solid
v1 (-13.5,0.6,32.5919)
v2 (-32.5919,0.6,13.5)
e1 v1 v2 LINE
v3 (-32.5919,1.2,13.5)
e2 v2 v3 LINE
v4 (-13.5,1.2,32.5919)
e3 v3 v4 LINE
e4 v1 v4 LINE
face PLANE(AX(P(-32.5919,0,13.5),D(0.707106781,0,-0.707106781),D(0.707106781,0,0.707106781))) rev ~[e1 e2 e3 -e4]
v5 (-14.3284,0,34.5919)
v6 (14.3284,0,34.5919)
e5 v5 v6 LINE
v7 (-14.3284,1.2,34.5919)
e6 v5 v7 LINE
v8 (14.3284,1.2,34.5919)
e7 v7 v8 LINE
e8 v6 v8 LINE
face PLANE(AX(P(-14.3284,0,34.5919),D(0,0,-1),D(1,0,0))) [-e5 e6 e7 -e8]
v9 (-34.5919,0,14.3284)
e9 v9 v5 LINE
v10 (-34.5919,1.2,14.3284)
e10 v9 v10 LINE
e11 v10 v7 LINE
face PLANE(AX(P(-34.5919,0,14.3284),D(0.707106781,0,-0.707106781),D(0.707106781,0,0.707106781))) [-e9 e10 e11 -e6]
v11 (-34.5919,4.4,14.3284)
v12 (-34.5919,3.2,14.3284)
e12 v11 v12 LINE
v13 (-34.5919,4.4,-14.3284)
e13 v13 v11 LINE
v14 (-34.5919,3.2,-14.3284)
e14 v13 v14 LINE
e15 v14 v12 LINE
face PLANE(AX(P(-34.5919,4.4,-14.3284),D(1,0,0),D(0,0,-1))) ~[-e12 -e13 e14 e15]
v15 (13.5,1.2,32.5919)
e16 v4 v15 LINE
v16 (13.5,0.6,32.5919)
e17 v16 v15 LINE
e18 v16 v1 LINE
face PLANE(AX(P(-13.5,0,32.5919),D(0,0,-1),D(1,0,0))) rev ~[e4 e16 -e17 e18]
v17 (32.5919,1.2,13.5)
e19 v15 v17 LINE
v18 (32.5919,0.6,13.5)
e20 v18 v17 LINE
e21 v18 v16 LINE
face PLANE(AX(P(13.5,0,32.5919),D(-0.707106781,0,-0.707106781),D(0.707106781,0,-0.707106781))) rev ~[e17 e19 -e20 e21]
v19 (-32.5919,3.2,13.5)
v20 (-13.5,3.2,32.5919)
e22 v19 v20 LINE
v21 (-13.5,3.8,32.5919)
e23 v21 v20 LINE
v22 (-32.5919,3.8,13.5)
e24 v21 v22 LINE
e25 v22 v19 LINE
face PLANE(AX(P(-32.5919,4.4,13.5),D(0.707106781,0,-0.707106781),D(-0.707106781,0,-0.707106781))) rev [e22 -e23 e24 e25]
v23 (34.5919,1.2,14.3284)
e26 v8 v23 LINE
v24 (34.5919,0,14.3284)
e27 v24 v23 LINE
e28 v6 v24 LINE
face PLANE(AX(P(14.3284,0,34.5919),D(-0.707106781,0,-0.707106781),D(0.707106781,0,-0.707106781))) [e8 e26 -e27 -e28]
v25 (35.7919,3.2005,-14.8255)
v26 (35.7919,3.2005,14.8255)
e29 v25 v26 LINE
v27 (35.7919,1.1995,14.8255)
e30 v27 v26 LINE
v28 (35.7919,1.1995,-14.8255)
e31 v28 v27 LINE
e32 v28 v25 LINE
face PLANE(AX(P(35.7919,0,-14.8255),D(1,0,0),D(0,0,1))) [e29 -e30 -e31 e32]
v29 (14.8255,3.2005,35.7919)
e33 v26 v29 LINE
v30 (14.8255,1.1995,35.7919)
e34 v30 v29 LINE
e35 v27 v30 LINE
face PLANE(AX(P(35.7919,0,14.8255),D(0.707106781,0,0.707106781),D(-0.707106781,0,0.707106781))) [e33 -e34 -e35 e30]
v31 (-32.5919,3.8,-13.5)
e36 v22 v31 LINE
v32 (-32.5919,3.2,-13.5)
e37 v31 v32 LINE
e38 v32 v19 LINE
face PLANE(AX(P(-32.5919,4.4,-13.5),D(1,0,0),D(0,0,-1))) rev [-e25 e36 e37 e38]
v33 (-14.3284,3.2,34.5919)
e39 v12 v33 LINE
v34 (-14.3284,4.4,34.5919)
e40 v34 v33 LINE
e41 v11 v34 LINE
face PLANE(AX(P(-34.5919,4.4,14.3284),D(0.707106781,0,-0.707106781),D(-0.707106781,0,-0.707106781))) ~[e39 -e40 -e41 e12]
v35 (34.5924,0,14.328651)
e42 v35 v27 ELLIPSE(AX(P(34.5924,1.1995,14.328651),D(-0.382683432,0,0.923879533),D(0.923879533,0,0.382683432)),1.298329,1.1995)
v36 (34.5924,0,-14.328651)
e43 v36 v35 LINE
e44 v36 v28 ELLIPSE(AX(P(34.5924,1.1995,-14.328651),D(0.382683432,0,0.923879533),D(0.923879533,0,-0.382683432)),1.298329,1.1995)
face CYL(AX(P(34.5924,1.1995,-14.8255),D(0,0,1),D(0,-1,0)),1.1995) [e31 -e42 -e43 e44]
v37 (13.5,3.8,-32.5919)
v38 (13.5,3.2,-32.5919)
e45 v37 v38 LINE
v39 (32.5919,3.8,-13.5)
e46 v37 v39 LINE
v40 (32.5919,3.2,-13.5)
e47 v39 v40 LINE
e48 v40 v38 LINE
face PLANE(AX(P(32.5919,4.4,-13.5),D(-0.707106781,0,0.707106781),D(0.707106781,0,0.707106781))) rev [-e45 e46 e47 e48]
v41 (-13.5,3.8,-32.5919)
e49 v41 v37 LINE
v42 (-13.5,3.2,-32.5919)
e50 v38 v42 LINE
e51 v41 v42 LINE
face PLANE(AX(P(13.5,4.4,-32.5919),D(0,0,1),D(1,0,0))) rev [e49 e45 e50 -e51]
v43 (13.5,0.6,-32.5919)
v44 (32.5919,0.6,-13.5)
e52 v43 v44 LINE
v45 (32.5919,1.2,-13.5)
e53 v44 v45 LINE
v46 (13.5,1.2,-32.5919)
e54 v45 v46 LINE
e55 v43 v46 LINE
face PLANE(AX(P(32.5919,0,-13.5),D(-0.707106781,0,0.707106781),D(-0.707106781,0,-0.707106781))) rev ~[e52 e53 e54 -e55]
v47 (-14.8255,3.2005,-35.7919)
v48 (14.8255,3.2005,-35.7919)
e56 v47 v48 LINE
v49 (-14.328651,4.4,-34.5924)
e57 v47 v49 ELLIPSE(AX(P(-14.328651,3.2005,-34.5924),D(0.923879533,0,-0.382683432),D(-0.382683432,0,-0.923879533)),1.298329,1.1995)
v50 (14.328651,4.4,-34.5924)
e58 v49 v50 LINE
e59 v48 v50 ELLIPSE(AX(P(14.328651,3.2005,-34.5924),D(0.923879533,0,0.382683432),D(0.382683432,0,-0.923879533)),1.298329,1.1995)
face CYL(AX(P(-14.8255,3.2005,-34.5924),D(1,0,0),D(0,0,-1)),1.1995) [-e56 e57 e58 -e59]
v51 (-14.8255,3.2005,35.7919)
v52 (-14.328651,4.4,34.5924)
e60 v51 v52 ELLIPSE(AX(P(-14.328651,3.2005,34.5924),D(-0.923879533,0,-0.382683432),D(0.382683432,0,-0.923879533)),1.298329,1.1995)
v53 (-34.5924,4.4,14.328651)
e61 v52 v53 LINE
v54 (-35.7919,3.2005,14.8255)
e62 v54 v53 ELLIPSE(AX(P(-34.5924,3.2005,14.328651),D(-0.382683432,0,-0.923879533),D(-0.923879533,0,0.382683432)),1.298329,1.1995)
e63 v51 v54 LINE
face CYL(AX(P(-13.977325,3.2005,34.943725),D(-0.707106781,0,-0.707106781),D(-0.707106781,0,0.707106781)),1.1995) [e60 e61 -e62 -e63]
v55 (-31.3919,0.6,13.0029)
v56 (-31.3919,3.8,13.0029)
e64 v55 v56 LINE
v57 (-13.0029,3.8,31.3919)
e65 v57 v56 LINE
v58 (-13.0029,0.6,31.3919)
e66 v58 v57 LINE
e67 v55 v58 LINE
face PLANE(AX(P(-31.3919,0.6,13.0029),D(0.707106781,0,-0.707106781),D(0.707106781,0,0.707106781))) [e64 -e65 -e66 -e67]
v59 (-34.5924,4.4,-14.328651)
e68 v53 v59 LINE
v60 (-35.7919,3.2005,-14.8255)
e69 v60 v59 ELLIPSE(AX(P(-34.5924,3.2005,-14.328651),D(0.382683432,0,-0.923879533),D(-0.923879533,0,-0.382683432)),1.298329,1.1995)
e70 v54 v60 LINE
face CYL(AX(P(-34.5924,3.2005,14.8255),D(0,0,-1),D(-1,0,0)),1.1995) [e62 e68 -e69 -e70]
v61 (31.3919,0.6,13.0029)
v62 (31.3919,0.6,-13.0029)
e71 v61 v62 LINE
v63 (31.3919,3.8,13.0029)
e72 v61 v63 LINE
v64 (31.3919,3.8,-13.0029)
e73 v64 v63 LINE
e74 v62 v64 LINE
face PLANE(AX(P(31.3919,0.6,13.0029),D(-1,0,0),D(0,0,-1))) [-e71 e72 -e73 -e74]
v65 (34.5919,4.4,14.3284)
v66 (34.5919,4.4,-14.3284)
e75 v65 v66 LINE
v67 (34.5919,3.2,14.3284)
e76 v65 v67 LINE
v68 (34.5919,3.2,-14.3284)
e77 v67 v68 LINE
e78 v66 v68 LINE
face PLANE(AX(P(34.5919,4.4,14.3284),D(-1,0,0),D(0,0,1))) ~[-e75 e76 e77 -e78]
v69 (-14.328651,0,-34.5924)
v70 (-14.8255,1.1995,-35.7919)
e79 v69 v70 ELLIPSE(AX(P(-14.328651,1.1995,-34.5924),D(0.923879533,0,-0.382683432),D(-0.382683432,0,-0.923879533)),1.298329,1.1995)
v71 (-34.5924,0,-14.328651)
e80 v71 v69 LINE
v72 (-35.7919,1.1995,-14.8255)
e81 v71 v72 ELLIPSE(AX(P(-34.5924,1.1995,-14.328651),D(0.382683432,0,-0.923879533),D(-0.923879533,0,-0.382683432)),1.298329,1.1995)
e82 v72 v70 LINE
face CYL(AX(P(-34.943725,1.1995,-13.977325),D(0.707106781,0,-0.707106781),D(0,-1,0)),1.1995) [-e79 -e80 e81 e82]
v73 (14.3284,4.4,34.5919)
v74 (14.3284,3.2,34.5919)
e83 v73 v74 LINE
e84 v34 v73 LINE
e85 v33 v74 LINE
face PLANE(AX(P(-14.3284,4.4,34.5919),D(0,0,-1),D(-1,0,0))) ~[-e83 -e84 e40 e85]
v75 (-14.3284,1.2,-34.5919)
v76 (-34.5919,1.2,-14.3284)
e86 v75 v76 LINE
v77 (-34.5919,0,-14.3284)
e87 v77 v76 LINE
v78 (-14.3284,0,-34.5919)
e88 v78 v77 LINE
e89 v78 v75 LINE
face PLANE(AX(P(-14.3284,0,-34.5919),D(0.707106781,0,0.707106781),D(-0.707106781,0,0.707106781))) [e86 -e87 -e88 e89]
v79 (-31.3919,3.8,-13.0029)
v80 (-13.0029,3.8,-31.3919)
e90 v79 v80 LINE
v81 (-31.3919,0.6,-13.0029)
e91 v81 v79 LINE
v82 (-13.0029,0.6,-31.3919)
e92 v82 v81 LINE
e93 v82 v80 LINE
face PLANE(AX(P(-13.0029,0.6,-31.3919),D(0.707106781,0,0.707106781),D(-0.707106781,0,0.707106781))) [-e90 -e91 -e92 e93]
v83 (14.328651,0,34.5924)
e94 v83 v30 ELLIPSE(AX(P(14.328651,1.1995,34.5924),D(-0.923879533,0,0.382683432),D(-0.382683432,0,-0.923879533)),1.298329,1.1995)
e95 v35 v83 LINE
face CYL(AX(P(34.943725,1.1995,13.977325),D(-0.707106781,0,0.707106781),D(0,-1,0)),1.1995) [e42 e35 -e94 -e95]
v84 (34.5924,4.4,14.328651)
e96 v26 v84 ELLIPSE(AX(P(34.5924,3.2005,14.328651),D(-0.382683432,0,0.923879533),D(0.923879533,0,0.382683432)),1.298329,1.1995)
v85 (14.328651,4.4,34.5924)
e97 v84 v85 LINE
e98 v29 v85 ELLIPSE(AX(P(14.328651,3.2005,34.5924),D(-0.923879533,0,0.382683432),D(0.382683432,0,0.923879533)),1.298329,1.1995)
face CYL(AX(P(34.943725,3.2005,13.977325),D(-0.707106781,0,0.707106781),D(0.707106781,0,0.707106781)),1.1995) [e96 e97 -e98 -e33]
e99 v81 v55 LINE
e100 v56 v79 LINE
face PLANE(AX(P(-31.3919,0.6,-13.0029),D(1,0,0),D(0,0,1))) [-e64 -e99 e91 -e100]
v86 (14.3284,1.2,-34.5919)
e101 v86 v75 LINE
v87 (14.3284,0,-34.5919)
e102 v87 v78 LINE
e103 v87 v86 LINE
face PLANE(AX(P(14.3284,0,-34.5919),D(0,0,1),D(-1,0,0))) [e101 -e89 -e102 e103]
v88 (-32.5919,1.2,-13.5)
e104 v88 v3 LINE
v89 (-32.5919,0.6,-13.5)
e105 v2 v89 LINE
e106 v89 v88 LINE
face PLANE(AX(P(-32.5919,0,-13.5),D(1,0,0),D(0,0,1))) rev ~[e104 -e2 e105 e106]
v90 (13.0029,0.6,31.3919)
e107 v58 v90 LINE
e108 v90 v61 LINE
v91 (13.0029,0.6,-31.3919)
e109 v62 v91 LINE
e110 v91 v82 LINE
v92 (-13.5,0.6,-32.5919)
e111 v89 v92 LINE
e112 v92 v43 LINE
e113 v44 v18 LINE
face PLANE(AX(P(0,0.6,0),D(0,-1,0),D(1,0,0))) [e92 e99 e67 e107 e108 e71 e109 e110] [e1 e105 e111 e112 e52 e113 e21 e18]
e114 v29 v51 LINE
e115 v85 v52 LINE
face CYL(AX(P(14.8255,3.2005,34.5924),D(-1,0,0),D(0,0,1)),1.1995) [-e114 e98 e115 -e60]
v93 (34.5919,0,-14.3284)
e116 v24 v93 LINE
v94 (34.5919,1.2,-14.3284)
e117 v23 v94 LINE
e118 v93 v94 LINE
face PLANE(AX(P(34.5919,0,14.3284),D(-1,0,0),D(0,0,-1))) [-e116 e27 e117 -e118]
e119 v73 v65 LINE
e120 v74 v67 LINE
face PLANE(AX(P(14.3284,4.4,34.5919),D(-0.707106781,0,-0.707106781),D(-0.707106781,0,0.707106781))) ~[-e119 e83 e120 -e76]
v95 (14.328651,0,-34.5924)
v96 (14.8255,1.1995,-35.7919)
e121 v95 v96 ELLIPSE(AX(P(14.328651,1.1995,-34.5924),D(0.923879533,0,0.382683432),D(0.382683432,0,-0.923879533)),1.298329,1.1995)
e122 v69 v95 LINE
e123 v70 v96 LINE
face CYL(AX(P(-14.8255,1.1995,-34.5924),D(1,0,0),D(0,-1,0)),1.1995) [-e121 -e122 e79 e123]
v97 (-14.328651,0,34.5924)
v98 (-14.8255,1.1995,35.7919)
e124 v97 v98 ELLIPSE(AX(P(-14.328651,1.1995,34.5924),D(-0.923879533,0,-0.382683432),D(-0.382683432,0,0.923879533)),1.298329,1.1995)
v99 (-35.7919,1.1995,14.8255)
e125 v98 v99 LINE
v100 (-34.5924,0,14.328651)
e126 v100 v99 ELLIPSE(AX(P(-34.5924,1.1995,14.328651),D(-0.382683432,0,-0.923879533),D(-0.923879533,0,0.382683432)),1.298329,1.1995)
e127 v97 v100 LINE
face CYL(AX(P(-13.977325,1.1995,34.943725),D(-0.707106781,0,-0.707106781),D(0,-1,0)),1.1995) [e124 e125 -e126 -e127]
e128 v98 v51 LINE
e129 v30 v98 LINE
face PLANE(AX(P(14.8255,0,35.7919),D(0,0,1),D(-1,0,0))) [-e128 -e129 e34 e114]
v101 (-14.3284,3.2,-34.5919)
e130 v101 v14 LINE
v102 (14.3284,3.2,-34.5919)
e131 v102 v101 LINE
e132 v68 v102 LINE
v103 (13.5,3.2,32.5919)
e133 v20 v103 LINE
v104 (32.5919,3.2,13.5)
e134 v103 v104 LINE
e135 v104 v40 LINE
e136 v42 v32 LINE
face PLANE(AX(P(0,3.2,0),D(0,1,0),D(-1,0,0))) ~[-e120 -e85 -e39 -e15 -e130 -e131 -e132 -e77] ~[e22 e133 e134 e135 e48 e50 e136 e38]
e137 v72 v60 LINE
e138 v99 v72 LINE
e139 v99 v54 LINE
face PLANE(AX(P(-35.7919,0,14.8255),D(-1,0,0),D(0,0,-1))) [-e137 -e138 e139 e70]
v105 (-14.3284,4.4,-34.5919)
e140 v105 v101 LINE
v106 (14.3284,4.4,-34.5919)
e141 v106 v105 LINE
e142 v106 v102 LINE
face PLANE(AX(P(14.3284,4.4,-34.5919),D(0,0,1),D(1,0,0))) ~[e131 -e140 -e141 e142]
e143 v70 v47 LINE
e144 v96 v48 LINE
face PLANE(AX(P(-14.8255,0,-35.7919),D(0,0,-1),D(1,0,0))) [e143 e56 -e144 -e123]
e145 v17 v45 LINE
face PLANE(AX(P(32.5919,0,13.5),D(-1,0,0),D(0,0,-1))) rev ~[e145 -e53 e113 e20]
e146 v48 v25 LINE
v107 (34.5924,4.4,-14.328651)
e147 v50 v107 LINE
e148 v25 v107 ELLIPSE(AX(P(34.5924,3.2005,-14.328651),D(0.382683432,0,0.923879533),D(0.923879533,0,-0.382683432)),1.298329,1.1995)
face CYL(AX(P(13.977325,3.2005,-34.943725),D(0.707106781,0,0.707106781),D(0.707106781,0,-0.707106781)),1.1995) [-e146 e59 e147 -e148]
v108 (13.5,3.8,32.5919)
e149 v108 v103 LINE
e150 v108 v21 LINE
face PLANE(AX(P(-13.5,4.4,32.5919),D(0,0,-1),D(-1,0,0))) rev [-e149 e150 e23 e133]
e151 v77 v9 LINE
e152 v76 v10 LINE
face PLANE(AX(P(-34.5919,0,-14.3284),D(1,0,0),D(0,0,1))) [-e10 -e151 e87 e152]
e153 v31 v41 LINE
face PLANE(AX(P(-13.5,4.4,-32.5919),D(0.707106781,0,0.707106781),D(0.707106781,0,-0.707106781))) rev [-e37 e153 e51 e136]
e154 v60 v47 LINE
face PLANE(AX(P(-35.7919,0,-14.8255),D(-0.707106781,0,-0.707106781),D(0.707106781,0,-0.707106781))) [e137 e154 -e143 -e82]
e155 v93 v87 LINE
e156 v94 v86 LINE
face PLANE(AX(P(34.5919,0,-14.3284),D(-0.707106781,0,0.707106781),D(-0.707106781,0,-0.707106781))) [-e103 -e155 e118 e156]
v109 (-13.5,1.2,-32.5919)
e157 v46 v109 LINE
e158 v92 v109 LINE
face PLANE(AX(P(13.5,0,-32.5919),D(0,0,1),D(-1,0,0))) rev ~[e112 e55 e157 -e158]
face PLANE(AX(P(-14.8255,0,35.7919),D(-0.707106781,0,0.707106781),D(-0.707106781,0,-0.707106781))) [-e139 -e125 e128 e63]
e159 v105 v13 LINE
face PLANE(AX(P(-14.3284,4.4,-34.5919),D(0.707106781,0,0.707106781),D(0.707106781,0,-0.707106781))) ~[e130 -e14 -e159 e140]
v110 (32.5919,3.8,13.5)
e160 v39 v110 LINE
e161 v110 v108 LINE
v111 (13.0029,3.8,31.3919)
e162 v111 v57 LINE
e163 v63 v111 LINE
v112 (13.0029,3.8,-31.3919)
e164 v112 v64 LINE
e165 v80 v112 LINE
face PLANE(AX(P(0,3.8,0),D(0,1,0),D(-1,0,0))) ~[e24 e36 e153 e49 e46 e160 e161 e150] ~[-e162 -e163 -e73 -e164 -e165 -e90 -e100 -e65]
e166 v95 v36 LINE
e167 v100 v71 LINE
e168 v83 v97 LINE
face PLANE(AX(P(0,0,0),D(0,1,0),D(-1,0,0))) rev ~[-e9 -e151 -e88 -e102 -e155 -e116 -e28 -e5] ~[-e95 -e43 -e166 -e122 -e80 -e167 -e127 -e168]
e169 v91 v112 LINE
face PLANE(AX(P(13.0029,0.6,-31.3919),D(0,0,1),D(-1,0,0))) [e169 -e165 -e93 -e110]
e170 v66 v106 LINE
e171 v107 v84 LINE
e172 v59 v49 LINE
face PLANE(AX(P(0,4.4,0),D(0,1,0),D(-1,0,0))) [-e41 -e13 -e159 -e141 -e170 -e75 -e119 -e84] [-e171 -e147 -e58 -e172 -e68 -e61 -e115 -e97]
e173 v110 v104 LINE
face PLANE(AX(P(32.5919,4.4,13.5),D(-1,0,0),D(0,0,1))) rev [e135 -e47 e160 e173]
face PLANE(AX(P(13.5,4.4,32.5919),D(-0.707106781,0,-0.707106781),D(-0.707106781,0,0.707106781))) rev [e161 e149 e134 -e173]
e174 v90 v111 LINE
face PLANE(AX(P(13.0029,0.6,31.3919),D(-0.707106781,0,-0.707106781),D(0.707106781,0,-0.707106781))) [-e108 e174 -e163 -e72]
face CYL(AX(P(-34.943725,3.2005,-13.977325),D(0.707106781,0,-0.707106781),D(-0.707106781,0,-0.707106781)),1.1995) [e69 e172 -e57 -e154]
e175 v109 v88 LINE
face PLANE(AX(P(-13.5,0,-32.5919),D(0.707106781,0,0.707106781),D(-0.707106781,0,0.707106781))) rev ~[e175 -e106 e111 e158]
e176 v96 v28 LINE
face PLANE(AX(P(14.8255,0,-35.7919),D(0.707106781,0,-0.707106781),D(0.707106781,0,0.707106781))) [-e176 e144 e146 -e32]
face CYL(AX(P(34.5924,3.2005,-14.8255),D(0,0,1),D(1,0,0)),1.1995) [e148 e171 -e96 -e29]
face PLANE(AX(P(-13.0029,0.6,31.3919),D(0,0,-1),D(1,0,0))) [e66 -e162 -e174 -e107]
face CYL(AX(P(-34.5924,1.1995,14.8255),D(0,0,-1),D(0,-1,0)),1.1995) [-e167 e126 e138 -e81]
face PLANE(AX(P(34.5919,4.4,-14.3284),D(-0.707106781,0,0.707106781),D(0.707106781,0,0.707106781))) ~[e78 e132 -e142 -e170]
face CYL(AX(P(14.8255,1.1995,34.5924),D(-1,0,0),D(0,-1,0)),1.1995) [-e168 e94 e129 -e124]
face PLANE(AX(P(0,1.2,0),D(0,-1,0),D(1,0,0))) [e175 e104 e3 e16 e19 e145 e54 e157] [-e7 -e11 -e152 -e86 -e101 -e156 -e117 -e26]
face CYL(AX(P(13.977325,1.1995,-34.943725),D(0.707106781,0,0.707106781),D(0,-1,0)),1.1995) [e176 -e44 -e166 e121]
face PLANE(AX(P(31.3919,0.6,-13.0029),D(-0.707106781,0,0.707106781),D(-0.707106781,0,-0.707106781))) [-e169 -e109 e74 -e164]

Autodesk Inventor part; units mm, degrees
ref_plane "YZ Plane" through (0, 0, 0) normal (1, 0, 0) x (0, 1, 0)
ref_plane "XZ Plane" through (0, 0, 0) normal (0, 1, 0) x (-1, 0, 0)
sketch "스케치1" plane through (0, 0, 0) normal (0, 1, 0) x (-1, 0, 0)
  line L0 (-32.5919, 13.5) -> (-13.5, 32.5919)
  line L1 (-13.5, 32.5919) -> (13.5, 32.5919)
  line L2 (13.5, 32.5919) -> (32.5919, 13.5)
  line L3 (32.5919, 13.5) -> (32.5919, -13.5)
  line L4 (32.5919, -13.5) -> (13.5, -32.5919)
  line L5 (13.5, -32.5919) -> (-13.5, -32.5919)
  line L6 (-13.5, -32.5919) -> (-32.5919, -13.5)
  line L7 (-32.5919, -13.5) -> (-32.5919, 13.5)
  line L8 (35.7919, 14.8255) -> (35.7919, -14.8255)
  line L9 (35.7919, -14.8255) -> (14.8255, -35.7919)
  line L10 (14.8255, -35.7919) -> (-14.8255, -35.7919)
  line L11 (-14.8255, -35.7919) -> (-35.7919, -14.8255)
  line L12 (-35.7919, -14.8255) -> (-35.7919, 14.8255)
  line L13 (-35.7919, 14.8255) -> (-14.8255, 35.7919)
  line L14 (-14.8255, 35.7919) -> (14.8255, 35.7919)
  line L15 (14.8255, 35.7919) -> (35.7919, 14.8255)
  point P0 (0, 0)
  point P1 (0, 0)
  point P2 (0, 0)
  dimension "d0" = 27
  dimension "d1" = 3.2
extrude "돌출1" add sketch "스케치1" along normal blind 4.4 contours L0 L1 L2 L3 L4 L5 L6 L7 | L8 L9 L10 L11 L12 L13 L14 L15
sketch "스케치3" plane through (0, 0, 0) normal (0, -1, 0) x (1, 0, 0)
  line L0 (-13.5, 32.5919) -> (13.5, 32.5919)
  line L1 (13.5, 32.5919) -> (32.5919, 13.5)
  line L2 (32.5919, 13.5) -> (32.5919, -13.5)
  line L3 (32.5919, -13.5) -> (13.5, -32.5919)
  line L4 (13.5, -32.5919) -> (-13.5, -32.5919)
  line L5 (-13.5, -32.5919) -> (-32.5919, -13.5)
  line L6 (-32.5919, -13.5) -> (-32.5919, 13.5)
  line L7 (-32.5919, 13.5) -> (-13.5, 32.5919)
  line L8 (-14.3284, 34.5919) -> (14.3284, 34.5919)
  line L9 (14.3284, 34.5919) -> (34.5919, 14.3284)
  line L10 (34.5919, 14.3284) -> (34.5919, -14.3284)
  line L11 (34.5919, -14.3284) -> (14.3284, -34.5919)
  line L12 (14.3284, -34.5919) -> (-14.3284, -34.5919)
  line L13 (-14.3284, -34.5919) -> (-34.5919, -14.3284)
  line L14 (-34.5919, -14.3284) -> (-34.5919, 14.3284)
  line L15 (-34.5919, 14.3284) -> (-14.3284, 34.5919)
  point P0 (0, 0)
  point P1 (0, 0)
  point P2 (0, 0)
  point P3 (0, 0)
  dimension "d8" = 27
  dimension "d9" = 2
extrude "돌출3" cut sketch "스케치3" against normal blind 1.2
sketch "스케치14" plane through (0, 0, 0) normal (0, -1, 0) x (1, 0, 0)
  line L0 (32.5919, 13.5) -> (13.5, 32.5919) projected
  line L1 (13.5, 32.5919) -> (-13.5, 32.5919) projected
  line L2 (-13.5, 32.5919) -> (-32.5919, 13.5) projected
  line L3 (-32.5919, 13.5) -> (-32.5919, -13.5) projected
  line L4 (-32.5919, -13.5) -> (-13.5, -32.5919) projected
  line L5 (-13.5, -32.5919) -> (13.5, -32.5919) projected
  line L6 (13.5, -32.5919) -> (32.5919, -13.5) projected
  line L7 (32.5919, -13.5) -> (32.5919, 13.5) projected
  point P0 (0, 0)
extrude "돌출16" cut sketch "스케치14" against normal blind 0.6
sketch "스케치15" plane through (0, 0.6, 0) normal (0, -1, 0) x (1, 0, 0)
  line L0 (-13.0029, 31.3919) -> (13.0029, 31.3919)
  line L1 (13.0029, 31.3919) -> (31.3919, 13.0029)
  line L2 (31.3919, 13.0029) -> (31.3919, -13.0029)
  line L3 (31.3919, -13.0029) -> (13.0029, -31.3919)
  line L4 (13.0029, -31.3919) -> (-13.0029, -31.3919)
  line L5 (-13.0029, -31.3919) -> (-31.3919, -13.0029)
  line L6 (-31.3919, -13.0029) -> (-31.3919, 13.0029)
  line L7 (-31.3919, 13.0029) -> (-13.0029, 31.3919)
  line L8 (-13.5, 32.5919) -> (13.5, 32.5919) projected
  point P0 (0, 0)
  point P1 (0, 0)
  dimension "d140" = 1.2
extrude "돌출17" cut sketch "스케치15" against normal up to surface (3.8 mm away)
ref_plane "작업 평면3" through (0, 2.2, 0) normal (0, -1, 0) x (1, 0, 0)
mirror "미러6" about plane through (0, 2.2, 0) normal (0, -1, 0) of "돌출3", "돌출16"
fillet "모깎기2" radius 1.2 16 edges at (0, 0, 35.7919) (-25.3087, 0, 25.3087) (-35.7919, 0, 0) (-25.3087, 0, -25.3087) (0, 0, -35.7919) (25.3087, 0, -25.3087) (35.7919, 0, 0) (25.3087, 0, 25.3087) (-25.3087, 4.4, 25.3087) (-35.7919, 4.4, 0) (-25.3087, 4.4, -25.3087) (0, 4.4, -35.7919) (25.3087, 4.4, -25.3087) (35.7919, 4.4, 0) (25.3087, 4.4, 25.3087) (0, 4.4, 35.7919)
properties part number "OV-PAM_ring_2"
